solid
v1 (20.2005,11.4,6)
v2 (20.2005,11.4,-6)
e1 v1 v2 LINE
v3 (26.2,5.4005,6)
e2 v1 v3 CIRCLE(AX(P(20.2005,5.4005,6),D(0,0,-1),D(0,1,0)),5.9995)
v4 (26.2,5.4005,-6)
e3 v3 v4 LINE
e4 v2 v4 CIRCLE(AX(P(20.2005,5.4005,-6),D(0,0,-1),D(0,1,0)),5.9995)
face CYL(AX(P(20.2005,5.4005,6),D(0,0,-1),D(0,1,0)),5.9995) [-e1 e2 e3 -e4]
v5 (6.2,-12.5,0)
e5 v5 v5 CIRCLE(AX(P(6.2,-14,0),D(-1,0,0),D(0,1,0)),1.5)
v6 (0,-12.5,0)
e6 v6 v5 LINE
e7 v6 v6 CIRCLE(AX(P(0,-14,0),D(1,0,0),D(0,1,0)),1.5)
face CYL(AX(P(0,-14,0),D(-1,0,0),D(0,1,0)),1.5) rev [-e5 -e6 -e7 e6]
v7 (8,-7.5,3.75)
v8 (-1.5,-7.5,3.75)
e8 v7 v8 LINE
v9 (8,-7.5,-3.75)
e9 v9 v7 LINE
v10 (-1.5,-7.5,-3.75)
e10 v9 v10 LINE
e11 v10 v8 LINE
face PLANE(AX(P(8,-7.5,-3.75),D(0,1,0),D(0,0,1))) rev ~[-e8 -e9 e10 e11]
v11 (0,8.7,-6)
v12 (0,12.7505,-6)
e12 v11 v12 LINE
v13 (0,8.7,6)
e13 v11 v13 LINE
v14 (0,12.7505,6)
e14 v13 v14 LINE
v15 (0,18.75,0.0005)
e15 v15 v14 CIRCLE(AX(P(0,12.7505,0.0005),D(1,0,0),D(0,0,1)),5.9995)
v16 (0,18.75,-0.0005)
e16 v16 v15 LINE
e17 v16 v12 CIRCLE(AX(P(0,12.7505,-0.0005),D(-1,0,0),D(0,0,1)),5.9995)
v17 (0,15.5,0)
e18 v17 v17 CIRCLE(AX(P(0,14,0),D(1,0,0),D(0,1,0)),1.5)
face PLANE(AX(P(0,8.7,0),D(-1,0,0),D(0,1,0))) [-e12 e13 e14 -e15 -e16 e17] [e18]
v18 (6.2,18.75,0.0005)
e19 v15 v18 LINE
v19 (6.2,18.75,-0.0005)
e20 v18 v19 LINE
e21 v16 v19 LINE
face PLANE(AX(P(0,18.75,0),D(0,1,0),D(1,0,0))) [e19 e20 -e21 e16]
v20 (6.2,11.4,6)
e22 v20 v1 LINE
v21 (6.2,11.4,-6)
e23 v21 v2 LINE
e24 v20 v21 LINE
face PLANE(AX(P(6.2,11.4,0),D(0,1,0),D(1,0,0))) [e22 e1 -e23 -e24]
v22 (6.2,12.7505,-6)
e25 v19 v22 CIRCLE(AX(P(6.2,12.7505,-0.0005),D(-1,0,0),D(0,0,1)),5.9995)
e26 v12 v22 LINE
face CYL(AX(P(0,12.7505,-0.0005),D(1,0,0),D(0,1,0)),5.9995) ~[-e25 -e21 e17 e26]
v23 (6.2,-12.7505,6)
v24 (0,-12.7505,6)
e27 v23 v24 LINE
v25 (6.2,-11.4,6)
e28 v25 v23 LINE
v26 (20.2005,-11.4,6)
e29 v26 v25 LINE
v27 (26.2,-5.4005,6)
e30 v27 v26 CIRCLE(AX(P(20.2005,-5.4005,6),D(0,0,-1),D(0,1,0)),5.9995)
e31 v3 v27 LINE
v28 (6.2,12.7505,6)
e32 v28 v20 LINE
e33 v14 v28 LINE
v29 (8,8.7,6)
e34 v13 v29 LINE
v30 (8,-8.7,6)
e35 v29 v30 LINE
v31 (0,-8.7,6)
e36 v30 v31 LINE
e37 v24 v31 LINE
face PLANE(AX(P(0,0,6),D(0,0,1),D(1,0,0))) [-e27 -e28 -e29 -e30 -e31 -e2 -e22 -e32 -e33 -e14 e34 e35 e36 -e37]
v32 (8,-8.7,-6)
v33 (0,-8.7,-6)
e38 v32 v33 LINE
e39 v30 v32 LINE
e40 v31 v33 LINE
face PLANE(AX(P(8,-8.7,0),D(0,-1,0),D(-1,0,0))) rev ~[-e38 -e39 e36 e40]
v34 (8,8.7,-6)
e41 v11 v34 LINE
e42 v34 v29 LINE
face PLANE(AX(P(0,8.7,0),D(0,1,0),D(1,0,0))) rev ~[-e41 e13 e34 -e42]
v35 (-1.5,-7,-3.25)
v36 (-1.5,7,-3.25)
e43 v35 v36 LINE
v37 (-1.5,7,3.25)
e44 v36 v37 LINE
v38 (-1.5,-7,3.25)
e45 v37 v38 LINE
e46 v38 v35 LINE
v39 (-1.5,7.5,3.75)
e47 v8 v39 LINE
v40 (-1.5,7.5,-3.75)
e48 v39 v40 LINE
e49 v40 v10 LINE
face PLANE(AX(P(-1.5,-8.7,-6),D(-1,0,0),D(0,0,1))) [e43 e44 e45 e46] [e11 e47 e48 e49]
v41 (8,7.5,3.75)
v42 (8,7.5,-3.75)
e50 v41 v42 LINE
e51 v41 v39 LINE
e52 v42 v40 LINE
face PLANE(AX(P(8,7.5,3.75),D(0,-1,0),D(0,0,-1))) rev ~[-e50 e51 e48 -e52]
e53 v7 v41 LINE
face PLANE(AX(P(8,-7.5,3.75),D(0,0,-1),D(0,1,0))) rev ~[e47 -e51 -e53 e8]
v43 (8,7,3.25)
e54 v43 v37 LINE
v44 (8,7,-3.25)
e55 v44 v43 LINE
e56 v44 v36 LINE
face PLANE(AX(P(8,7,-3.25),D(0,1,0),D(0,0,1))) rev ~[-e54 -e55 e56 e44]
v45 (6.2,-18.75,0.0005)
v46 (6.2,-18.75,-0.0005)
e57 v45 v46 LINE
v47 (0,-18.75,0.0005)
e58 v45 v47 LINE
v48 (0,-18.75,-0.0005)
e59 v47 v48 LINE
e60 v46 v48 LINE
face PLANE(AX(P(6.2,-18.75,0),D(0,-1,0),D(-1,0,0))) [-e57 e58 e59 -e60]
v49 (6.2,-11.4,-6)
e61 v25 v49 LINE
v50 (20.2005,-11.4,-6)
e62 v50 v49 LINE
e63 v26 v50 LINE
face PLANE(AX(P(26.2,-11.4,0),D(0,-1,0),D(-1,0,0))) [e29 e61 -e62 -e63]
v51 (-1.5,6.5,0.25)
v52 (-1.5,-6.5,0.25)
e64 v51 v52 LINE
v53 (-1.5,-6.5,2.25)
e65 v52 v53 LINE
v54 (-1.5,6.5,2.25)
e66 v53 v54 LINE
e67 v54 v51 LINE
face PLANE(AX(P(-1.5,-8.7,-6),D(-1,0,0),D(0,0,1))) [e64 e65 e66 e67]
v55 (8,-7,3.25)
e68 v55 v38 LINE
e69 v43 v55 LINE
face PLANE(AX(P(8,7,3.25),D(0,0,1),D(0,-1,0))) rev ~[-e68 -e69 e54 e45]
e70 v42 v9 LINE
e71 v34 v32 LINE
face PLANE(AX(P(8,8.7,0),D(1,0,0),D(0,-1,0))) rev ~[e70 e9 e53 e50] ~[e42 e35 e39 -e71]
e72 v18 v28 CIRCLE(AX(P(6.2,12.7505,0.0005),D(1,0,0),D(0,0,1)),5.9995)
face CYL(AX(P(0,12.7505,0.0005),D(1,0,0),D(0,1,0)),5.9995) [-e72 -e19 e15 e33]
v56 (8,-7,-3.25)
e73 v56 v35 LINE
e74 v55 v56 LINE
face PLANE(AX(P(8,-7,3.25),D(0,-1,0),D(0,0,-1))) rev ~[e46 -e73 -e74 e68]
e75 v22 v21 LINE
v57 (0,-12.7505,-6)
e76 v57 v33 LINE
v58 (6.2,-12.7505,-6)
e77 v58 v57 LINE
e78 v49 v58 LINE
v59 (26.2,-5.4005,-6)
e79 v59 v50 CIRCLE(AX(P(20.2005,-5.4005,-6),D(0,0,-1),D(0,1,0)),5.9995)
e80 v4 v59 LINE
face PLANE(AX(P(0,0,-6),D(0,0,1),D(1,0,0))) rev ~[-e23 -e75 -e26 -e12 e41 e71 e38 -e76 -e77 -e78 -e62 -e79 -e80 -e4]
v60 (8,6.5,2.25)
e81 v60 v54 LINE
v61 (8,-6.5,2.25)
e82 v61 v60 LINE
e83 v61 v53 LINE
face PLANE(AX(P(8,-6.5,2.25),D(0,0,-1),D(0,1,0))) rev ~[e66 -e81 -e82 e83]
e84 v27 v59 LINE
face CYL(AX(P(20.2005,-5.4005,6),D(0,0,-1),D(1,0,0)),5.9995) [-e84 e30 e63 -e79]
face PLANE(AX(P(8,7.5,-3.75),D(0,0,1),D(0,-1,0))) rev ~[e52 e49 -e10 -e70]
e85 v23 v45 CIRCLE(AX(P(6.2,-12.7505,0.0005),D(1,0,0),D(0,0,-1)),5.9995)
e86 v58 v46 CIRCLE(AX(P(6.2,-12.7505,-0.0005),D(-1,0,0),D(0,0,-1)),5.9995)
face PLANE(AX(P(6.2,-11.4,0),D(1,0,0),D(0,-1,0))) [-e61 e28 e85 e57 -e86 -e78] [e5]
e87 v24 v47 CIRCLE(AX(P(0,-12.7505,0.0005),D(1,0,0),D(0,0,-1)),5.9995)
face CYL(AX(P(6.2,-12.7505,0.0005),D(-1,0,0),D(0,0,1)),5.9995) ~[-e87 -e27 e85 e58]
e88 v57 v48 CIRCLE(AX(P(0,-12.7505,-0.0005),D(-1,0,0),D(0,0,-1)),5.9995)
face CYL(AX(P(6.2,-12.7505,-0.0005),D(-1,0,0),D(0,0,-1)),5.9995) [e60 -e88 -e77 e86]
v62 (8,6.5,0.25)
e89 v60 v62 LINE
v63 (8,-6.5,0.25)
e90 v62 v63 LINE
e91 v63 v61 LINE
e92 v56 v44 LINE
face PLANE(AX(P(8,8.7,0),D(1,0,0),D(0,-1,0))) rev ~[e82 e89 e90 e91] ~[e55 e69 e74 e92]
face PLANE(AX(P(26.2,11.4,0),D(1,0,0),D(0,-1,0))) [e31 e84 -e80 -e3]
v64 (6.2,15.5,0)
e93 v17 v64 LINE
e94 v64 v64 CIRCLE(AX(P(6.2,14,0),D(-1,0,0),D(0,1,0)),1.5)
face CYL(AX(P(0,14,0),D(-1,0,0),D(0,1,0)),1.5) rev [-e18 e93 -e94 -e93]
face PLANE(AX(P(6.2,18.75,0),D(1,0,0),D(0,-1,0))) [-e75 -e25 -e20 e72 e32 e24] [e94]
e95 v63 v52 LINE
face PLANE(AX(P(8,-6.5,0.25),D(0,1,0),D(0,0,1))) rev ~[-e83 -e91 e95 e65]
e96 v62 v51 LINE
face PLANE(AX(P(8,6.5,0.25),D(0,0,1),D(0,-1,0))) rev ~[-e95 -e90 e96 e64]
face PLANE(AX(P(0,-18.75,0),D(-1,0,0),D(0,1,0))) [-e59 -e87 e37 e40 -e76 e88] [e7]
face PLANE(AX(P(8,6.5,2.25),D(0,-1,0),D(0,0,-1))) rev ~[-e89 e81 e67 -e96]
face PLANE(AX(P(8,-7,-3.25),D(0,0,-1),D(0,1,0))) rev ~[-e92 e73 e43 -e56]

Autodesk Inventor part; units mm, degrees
ref_plane "YZ Plane" through (0, 0, 0) normal (1, 0, 0) x (0, 1, 0)
ref_plane "XZ Plane" through (0, 0, 0) normal (0, 1, 0) x (-1, 0, 0)
ref_plane "XY Plane" through (0, 0, 0) normal (0, 0, 1) x (1, 0, 0)
sketch "Sketch1" plane through (0, 0, 0) normal (0, 0, 1) x (1, 0, 0)
  line L0 (0, 18.75) -> (6.2, 18.75)
  line L1 (6.2, -18.75) -> (0, -18.75)
  line L2 (0, -18.75) -> (0, 18.75)
  line L3 (0, 8.7) -> (8, 8.7)
  line L4 (8, 8.7) -> (8, -8.7)
  line L5 (8, -8.7) -> (0, -8.7)
  line L6 (0, -8.7) -> (0, 8.7)
  line L7 (6.2, 11.4) -> (26.2, 11.4)
  line L8 (26.2, 11.4) -> (26.2, -11.4)
  line L9 (26.2, -11.4) -> (6.2, -11.4)
  line L10 (6.2, 18.75) -> (6.2, 11.4)
  line L11 (6.2, -11.4) -> (6.2, -18.75)
  line L12 (6.2, 11.4) -> (6.2, -11.4) construction
  line L13 (0, 0) -> (26.2, 0) construction
  point P0 (6.2, 0)
  dimension "d0" = 37.5
  dimension "d1" = 6.2
  dimension "d2" = 17.4
  dimension "d3" = 8
  dimension "d4" = 20
  dimension "d5" = 22.8
extrude "Extrusion1" add sketch "Sketch1" along normal mid plane 12 contours L0 L10 L7 L8 L9 L11 L1 L2 L5 L4 L3
sketch "Sketch2" plane through (0, 0, 0) normal (1, 0, 0) x (0, 1, 0)
  line L0 (14, 0) -> (-14, 0) construction
  circle A0 centre (14, 0) radius 1.5
  circle A1 centre (-14, 0) radius 1.5
  point P0 (0, 0)
  point P1 (0, 0)
  dimension "d8" = 28
  dimension "d9" = 3
extrude "Extrusion2" cut sketch "Sketch2" along normal through all
sketch "Sketch3" plane through (8, -8.7, -6) normal (-1, 0, 0) x (0, 0, 1)
  line L0 (9.75, 16.2) -> (2.25, 16.2)
  line L1 (2.25, 16.2) -> (2.25, 1.2)
  line L2 (2.25, 1.2) -> (9.75, 1.2)
  line L3 (9.75, 1.2) -> (9.75, 16.2)
  line L4 (9.75, 16.2) -> (2.25, 1.2) construction
  line L5 (2.25, 16.2) -> (9.75, 1.2) construction
  line L6 (2.75, 15.7) -> (9.25, 15.7)
  line L7 (9.25, 15.7) -> (9.25, 1.7)
  line L8 (9.25, 1.7) -> (2.75, 1.7)
  line L9 (2.75, 1.7) -> (2.75, 15.7)
  line L10 (2.75, 15.7) -> (9.25, 1.7) construction
  line L11 (9.25, 15.7) -> (2.75, 1.7) construction
  line L12 (8.25, 15.2) -> (6.25, 15.2)
  line L13 (6.25, 15.2) -> (6.25, 2.2)
  line L14 (6.25, 2.2) -> (8.25, 2.2)
  line L15 (8.25, 2.2) -> (8.25, 15.2)
  line L16 (8.25, 15.2) -> (6.25, 2.2) construction
  line L17 (6.25, 15.2) -> (8.25, 2.2) construction
  line L18 (7.25, 8.7) -> (6, 8.7) construction
  dimension "d12" = 7.5
  dimension "d13" = 15
  dimension "d14" = 0.5
  dimension "d15" = 0.5
  dimension "d16" = 2
  dimension "d17" = 1
  dimension "d18" = 0.5
extrude "Extrusion3" add sketch "Sketch3" along normal blind 9.5
fillet "Fillet1" radius 6 6 edges at (3.1, 18.75, 6) (3.1, 18.75, -6) (3.1, -18.75, 6) (3.1, -18.75, -6) (26.2, -11.4, 0) (26.2, 11.4, 0)
properties part number "panel-usb" material "Rubber"
